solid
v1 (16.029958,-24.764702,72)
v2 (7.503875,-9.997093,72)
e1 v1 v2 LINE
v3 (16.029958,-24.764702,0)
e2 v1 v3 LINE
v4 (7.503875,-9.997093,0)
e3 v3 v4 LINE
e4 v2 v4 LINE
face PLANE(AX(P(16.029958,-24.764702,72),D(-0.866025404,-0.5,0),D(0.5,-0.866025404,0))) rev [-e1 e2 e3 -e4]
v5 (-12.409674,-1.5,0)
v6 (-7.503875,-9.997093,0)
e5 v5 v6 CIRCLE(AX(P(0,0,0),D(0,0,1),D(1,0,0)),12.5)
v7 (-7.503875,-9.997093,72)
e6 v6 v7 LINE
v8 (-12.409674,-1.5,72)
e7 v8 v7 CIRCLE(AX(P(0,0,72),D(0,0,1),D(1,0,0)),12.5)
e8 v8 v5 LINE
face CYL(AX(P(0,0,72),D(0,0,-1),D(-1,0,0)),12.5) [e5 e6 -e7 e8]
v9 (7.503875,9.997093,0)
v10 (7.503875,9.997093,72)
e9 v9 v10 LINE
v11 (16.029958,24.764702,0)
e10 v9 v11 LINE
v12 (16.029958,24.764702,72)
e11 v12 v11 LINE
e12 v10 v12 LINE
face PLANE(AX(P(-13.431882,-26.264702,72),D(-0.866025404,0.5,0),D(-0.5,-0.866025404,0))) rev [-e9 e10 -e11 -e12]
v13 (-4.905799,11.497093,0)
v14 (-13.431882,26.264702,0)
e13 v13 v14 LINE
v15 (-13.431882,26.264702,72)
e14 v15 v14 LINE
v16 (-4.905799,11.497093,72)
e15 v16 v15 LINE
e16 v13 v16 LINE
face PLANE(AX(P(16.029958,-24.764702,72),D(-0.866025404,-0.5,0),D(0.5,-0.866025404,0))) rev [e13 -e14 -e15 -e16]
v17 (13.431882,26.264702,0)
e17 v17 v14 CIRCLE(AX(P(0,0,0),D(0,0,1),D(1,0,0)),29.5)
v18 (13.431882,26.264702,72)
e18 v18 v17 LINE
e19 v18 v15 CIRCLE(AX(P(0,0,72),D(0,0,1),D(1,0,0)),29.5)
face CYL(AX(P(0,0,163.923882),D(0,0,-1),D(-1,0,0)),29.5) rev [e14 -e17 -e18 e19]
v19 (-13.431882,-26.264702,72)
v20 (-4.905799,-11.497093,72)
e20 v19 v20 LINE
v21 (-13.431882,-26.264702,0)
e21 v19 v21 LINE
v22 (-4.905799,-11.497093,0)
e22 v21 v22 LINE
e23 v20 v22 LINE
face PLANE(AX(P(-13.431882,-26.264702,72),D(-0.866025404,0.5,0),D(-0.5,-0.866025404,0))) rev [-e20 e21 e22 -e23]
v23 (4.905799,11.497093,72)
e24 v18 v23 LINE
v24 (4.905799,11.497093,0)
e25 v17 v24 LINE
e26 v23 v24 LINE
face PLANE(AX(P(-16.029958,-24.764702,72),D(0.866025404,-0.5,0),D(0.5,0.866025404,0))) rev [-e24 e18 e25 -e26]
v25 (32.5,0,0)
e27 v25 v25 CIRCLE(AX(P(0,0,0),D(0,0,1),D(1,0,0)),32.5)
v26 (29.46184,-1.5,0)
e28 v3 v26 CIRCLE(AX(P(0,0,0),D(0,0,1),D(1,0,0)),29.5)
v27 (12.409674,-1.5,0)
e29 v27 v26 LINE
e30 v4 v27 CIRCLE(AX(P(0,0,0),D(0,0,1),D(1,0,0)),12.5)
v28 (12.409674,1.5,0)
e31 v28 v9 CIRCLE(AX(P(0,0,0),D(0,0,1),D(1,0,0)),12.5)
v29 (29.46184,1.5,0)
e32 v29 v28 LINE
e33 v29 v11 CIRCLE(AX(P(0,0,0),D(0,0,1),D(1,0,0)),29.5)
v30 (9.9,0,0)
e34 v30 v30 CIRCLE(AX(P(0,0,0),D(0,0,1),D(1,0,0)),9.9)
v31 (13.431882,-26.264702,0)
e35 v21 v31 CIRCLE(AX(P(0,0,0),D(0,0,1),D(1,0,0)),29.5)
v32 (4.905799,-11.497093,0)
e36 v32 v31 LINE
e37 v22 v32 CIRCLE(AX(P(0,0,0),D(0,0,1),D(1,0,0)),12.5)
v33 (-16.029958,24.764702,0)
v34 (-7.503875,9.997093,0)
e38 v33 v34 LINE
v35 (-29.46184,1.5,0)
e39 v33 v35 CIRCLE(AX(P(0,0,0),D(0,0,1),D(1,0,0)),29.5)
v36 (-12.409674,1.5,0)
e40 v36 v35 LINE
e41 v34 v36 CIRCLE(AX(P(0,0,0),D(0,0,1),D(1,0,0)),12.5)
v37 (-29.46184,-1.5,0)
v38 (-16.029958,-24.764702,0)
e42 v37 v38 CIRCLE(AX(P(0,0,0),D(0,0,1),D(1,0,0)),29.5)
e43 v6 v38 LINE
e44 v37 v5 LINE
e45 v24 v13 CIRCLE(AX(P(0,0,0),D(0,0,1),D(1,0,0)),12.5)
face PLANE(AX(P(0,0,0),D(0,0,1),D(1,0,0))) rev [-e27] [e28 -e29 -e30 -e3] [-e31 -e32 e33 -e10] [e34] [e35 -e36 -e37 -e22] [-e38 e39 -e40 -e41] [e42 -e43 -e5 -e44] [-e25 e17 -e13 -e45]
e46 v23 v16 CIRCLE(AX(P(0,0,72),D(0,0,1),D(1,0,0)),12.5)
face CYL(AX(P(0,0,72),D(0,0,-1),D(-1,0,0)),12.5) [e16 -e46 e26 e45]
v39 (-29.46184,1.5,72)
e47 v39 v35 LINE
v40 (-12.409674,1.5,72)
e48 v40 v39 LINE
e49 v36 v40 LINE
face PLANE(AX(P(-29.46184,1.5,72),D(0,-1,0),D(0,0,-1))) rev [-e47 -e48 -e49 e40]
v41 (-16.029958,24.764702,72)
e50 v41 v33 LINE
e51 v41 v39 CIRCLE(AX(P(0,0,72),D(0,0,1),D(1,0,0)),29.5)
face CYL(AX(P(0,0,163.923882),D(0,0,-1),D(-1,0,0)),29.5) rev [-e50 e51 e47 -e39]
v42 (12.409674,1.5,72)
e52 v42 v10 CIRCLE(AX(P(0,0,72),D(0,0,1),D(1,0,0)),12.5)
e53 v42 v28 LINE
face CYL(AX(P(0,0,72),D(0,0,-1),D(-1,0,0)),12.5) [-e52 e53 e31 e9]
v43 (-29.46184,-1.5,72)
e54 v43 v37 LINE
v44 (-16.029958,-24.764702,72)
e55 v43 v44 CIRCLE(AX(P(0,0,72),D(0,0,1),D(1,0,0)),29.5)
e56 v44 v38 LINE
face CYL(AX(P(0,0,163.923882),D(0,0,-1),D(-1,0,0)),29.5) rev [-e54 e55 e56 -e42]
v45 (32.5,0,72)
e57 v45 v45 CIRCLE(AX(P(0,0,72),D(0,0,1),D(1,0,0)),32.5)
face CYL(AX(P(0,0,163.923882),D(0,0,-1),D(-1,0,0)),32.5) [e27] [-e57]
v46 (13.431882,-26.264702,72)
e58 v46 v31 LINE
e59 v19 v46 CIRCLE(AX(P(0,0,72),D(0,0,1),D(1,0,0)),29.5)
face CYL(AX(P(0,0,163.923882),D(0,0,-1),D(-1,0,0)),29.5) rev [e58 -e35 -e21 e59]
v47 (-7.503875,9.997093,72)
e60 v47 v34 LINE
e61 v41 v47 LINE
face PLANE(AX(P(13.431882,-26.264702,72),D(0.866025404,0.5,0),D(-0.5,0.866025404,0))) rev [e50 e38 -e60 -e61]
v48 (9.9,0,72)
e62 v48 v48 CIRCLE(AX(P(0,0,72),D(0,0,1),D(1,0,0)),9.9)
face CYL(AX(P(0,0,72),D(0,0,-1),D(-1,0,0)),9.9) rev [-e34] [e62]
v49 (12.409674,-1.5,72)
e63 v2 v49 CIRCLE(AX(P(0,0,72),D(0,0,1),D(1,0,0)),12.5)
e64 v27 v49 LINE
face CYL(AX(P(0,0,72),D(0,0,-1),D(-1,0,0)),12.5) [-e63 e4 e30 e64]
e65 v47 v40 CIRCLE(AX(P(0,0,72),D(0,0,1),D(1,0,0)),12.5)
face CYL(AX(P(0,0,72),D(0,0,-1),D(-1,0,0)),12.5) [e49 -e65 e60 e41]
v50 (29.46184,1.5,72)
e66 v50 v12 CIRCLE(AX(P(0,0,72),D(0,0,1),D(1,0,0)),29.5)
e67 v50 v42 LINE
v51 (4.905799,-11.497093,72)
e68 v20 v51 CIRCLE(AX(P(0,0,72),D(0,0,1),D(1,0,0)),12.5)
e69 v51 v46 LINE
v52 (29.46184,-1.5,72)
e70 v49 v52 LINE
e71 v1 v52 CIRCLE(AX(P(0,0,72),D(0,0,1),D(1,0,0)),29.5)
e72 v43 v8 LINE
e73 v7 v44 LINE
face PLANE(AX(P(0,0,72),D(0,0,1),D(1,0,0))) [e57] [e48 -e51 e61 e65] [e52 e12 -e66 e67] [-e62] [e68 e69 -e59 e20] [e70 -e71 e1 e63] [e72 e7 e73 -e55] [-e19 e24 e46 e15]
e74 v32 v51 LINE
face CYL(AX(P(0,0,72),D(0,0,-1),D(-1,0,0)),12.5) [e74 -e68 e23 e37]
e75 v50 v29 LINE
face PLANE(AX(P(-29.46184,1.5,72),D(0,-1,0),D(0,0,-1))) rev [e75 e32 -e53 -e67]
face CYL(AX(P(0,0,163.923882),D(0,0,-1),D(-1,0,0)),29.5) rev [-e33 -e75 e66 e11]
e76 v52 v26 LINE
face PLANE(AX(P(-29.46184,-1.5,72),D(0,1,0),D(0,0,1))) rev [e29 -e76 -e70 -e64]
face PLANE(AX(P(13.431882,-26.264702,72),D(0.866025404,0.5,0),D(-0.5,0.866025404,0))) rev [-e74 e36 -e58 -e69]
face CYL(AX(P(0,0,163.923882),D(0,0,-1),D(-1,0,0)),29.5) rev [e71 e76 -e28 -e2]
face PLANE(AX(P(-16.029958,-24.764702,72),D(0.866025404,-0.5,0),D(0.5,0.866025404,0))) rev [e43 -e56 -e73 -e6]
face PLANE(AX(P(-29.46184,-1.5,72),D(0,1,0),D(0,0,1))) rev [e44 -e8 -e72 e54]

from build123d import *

# Parameters (mm, degrees)
SKETCH1_R           = 32.5
SKETCH1_R_2         = 29.5
BOSS_EXTRUDE1_DEPTH = 72
BOSS_EXTRUDE2_DEPTH = 72
CIRPATTERN1_COUNT   = 3
CIRPATTERN1_ANGLE   = 120
SKETCH7_R           = 12.5
BOSS_EXTRUDE5_DEPTH = 72
SKETCH9_R           = 9.9
CUT_EXTRUDE4_DEPTH  = 86.419552797


with BuildPart() as part:
    # Sketch1 → Boss-Extrude1 (new body)
    with BuildSketch(Plane.XY):
        Circle(SKETCH1_R)
        Circle(SKETCH1_R_2, mode=Mode.SUBTRACT)
    extrude(amount=BOSS_EXTRUDE1_DEPTH)

    # Sketch2 → Boss-Extrude2 (add, through all)
    with BuildSketch(Plane.XY):
        with BuildLine():
            Line((-29.461839725, -1.5), (29.461839725, -1.5))
            ThreePointArc((29.461839725, -1.5), (29.5, 0), (29.461839725, 1.5))
            Line((29.461839725, 1.5), (-29.461839725, 1.5))
            ThreePointArc((-29.461839725, 1.5), (-29.5, 0), (-29.461839725, -1.5))
        make_face()
    boss_extrude2 = extrude(amount=BOSS_EXTRUDE2_DEPTH)

    # CirPattern1: Boss-Extrude2 ×3 about axis
    cirpattern1_axis = Axis((0, 0, 0), (0, 0, 1))
    for i in range(1, CIRPATTERN1_COUNT):
        add(boss_extrude2.rotate(cirpattern1_axis, i * CIRPATTERN1_ANGLE / (CIRPATTERN1_COUNT - 1)))

    # Sketch7 → Boss-Extrude5 (add, through all)
    with BuildSketch(Plane.XY):
        Circle(SKETCH7_R)
    extrude(amount=BOSS_EXTRUDE5_DEPTH)

    # Sketch9 → Cut-Extrude4 (cut, through all)
    with BuildSketch(Plane.XY):
        Circle(SKETCH9_R)
    extrude(amount=CUT_EXTRUDE4_DEPTH, mode=Mode.SUBTRACT)


solid = part.part
